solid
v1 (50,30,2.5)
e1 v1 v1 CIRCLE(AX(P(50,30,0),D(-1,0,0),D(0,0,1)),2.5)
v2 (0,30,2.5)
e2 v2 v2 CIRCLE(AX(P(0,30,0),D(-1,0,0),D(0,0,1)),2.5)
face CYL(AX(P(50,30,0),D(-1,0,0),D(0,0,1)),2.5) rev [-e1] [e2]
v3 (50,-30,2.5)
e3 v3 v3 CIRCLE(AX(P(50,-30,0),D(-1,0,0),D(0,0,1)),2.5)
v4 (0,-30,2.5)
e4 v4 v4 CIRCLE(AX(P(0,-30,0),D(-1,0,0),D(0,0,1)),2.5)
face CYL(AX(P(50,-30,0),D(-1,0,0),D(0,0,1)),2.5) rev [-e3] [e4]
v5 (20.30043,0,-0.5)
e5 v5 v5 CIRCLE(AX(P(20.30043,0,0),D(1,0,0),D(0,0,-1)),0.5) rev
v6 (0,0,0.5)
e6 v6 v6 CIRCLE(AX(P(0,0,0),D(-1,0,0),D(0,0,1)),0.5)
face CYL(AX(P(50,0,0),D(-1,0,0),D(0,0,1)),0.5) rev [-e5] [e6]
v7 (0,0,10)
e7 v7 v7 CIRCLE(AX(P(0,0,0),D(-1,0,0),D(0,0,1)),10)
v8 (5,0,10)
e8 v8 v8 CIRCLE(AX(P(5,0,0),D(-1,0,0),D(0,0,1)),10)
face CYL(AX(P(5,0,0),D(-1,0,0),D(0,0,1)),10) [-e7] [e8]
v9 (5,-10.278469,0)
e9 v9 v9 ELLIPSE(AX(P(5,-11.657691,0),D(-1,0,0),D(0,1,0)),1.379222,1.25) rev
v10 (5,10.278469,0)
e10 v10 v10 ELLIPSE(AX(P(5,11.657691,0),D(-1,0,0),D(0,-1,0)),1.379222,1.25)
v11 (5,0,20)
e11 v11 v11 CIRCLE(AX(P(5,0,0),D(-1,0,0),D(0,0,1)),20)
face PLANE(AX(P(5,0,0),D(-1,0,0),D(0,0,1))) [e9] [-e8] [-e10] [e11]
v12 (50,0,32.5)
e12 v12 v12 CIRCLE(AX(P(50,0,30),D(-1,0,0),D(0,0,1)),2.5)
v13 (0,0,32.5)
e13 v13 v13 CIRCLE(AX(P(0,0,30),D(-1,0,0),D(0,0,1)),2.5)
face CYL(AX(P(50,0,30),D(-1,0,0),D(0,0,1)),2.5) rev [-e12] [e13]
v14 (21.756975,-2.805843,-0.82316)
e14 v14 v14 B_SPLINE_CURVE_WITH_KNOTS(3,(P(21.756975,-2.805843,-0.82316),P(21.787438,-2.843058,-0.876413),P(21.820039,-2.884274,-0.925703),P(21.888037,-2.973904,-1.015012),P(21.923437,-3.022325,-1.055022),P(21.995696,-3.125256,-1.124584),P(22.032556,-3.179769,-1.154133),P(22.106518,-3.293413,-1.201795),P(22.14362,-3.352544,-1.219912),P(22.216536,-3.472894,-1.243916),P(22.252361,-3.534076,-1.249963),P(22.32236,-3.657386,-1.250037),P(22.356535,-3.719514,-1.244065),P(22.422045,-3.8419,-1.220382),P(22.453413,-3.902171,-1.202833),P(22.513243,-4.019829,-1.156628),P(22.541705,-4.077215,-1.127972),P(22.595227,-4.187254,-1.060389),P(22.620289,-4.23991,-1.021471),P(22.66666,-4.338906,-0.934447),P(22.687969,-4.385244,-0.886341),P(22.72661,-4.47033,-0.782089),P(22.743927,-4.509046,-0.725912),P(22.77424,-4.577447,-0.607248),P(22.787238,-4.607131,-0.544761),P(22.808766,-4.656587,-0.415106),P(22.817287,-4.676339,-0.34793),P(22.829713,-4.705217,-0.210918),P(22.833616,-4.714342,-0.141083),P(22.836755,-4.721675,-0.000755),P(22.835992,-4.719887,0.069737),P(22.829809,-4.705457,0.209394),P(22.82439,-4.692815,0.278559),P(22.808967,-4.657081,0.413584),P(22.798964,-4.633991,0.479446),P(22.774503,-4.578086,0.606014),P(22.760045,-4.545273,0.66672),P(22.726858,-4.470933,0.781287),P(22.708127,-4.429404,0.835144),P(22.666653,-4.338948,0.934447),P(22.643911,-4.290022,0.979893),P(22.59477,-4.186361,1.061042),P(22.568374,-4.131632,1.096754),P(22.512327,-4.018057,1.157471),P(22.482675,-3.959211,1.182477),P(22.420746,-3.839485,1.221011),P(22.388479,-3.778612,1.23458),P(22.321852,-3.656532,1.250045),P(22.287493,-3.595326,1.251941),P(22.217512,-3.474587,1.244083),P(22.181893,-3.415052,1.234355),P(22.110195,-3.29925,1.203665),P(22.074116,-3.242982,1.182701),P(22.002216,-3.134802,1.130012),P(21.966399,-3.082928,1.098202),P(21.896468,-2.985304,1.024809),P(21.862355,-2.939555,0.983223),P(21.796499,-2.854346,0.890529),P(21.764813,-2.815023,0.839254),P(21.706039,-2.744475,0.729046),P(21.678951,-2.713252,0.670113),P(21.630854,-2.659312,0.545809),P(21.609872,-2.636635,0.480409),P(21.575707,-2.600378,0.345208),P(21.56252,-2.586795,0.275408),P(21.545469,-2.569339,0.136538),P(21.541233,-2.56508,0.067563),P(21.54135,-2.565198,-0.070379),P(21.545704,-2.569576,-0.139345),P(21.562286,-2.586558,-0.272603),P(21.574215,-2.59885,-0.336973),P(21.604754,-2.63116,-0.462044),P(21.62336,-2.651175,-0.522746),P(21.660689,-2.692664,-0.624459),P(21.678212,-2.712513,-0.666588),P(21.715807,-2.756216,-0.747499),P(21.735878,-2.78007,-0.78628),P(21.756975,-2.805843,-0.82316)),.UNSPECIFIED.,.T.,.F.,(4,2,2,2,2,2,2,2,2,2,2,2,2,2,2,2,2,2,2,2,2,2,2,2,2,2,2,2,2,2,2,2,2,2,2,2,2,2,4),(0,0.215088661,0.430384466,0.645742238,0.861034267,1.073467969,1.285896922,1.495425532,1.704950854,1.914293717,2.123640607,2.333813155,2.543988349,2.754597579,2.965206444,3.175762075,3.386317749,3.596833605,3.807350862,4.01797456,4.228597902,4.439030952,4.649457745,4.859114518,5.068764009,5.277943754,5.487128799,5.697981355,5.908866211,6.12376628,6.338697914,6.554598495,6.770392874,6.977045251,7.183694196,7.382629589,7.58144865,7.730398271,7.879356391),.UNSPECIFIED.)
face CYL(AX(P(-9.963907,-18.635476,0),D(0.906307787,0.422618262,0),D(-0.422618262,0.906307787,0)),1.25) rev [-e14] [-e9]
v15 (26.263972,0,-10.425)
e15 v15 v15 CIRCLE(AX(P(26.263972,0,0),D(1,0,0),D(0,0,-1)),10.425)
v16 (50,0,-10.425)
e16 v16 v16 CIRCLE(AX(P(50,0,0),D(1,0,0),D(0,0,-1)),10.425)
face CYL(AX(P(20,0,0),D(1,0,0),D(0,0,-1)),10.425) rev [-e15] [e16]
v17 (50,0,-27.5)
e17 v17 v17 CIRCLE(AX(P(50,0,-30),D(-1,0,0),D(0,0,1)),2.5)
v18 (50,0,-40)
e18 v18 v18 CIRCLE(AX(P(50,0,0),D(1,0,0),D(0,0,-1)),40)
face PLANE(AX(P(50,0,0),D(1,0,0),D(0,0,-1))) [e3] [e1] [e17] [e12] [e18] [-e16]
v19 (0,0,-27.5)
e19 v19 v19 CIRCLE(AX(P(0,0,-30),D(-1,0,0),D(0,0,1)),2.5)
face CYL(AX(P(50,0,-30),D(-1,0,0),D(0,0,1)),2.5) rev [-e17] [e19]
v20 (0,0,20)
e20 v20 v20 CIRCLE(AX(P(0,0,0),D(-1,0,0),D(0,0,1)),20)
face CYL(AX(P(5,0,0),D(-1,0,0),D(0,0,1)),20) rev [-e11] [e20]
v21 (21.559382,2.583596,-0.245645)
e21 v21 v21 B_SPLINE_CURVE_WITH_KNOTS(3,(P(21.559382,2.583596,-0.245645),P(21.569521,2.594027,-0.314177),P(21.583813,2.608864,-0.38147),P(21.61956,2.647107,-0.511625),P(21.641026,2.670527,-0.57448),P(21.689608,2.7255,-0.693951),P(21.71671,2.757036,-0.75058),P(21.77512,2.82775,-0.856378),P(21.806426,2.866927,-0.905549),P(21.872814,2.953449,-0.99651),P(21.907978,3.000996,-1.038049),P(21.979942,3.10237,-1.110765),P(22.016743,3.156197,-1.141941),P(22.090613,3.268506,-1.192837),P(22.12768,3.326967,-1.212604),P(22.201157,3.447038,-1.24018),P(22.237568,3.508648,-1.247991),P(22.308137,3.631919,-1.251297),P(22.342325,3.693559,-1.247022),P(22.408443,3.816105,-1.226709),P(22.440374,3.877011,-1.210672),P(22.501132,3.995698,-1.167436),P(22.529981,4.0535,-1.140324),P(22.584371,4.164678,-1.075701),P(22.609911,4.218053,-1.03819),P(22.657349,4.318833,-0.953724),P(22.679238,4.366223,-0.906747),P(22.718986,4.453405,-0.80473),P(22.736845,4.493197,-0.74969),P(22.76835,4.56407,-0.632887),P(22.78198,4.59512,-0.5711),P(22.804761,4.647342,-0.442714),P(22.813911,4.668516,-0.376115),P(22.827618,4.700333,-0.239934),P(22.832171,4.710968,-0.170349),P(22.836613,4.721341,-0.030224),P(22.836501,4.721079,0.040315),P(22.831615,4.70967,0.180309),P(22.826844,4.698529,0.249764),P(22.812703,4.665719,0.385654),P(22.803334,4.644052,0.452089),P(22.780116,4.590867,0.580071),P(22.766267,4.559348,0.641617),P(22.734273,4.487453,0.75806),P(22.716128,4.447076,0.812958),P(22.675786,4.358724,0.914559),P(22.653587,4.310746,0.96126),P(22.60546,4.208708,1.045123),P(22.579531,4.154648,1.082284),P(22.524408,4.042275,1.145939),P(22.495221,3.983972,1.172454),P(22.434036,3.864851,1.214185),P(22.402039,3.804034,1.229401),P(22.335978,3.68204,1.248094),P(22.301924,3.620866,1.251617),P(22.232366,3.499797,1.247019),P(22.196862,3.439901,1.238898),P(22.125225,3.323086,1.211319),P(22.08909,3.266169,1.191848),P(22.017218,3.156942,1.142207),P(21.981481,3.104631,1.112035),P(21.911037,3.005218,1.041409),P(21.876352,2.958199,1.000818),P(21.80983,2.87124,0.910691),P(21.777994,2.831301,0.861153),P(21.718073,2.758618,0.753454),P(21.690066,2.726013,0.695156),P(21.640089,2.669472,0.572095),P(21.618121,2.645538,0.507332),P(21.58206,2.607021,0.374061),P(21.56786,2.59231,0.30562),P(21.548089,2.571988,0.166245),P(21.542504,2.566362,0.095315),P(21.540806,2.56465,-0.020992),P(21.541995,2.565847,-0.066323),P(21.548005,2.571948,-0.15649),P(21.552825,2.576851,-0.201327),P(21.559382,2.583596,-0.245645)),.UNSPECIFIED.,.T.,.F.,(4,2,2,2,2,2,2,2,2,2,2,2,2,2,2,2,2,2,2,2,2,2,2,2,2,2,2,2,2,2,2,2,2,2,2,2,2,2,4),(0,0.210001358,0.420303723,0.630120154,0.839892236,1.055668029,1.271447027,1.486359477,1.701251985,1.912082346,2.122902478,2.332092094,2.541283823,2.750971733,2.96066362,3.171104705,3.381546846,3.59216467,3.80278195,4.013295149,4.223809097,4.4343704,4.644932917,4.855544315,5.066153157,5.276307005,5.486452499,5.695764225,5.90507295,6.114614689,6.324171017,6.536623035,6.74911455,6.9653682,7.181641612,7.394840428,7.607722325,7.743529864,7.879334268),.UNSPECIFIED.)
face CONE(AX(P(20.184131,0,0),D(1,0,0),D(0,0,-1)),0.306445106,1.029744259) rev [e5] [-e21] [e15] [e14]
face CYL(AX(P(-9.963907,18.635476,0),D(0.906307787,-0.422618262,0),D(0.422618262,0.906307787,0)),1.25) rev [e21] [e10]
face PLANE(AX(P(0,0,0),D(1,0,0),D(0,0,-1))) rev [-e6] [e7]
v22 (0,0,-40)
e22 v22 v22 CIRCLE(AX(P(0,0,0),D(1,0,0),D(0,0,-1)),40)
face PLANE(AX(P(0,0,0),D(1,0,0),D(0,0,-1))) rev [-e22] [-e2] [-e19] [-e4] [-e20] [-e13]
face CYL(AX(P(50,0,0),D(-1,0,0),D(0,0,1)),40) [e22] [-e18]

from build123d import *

# Parameters (mm, degrees)
SKETCH1_R                      = 40
BOSS_EXTRUDE1_DEPTH            = 50
SKETCH2_R                      = 10.425
CUT_EXTRUDE1_DEPTH             = 30
SKETCH3_R                      = 20
SKETCH3_R_2                    = 10
CUT_EXTRUDE2_DEPTH             = 5
SKETCH5_R                      = 2.5
CUT_EXTRUDE4_DEPTH             = 76.498344353
SKETCH4_R                      = 0.5
CUT_EXTRUDE6_DEPTH             = 76.498344353
CUT_EXTRUDE7_REACH             = 77.498
SKETCH7_R                      = 1.25
CUT_EXTRUDE7_DIRECTION_2_REACH = 77.498


with BuildPart() as part:
    # Sketch1 → Boss-Extrude1 (new body)
    with BuildSketch(Plane(origin=(0, 0, 0), x_dir=(0, 0, -1), z_dir=(1, 0, 0))):
        Circle(SKETCH1_R)
    extrude(amount=BOSS_EXTRUDE1_DEPTH)

    # Sketch2 → Cut-Extrude1 (cut)
    with BuildSketch(Plane(origin=(50, 0, 0), x_dir=(0, 0, -1), z_dir=(1, 0, 0))):
        Circle(SKETCH2_R)
    extrude(amount=-CUT_EXTRUDE1_DEPTH, mode=Mode.SUBTRACT)

    # Sketch3 → Cut-Extrude2 (cut)
    with BuildSketch(Plane.ZY):
        Circle(SKETCH3_R)
        Circle(SKETCH3_R_2, mode=Mode.SUBTRACT)
    extrude(amount=-CUT_EXTRUDE2_DEPTH, mode=Mode.SUBTRACT)

    # Sketch5 → Cut-Extrude4 (cut, through all)
    with BuildSketch(Plane.ZY):
        with Locations((0, 30)):
            Circle(SKETCH5_R)
        with Locations((30, 0)):
            Circle(SKETCH5_R)
        with Locations((0, -30)):
            Circle(SKETCH5_R)
        with Locations((-30, 0)):
            Circle(SKETCH5_R)
    extrude(amount=-CUT_EXTRUDE4_DEPTH, mode=Mode.SUBTRACT)

    # Sketch8 → Revolve4 (revolve)
    with BuildSketch(Plane.XY, mode=Mode.PRIVATE) as revolve4_sk:
        Polygon((27.456013161, 12.408889724), (20.184130796, 0.306445106), (19.15133868, 0.306445106), (19.15133868, 12.408889724), align=None)
    revolve(revolve4_sk.sketch.rotate(Axis((-60.024183688, 0, 0), (1, 0, 0)), 270), axis=Axis((-60.024183688, 0, 0), (1, 0, 0)))

    # Sketch4 → Cut-Extrude6 (cut, through all)
    with BuildSketch(Plane.ZY):
        Circle(SKETCH4_R)
    extrude(amount=-CUT_EXTRUDE6_DEPTH, mode=Mode.SUBTRACT)

    # Sketch7 → Cut-Extrude7 (cut, up to next)
    with BuildSketch(Plane(origin=(0, 0, 0), x_dir=(0, 0, 1), z_dir=(-0.9063077870366495, 0.4226182617407003, 0)), mode=Mode.PRIVATE) as cut_extrude7_sk1:
        with Locations(Location((0, 12.678547852, 0), (0, 0, 258.66668262))):
            Circle(SKETCH7_R)
    cut_extrude7_tool1 = extrude(cut_extrude7_sk1.sketch, amount=-CUT_EXTRUDE7_REACH, mode=Mode.PRIVATE) & part.part
    cut_extrude7 = cut_extrude7_tool1.solids().sort_by_distance((5.358186, 11.490667, 0))[0]
    add(cut_extrude7, mode=Mode.SUBTRACT)

    # Sketch7 → Cut-Extrude7 direction 2 (cut, up to next)
    with BuildSketch(Plane(origin=(0, 0, 0), x_dir=(0, 0, 1), z_dir=(-0.9063077870366495, 0.4226182617407003, 0)), mode=Mode.PRIVATE) as cut_extrude7_direction_2_sk1:
        with Locations(Location((0, 12.678547852, 0), (0, 0, 258.66668262))):
            Circle(SKETCH7_R)
    cut_extrude7_direction_2_tool1 = extrude(cut_extrude7_direction_2_sk1.sketch, amount=CUT_EXTRUDE7_DIRECTION_2_REACH, mode=Mode.PRIVATE) & part.part
    cut_extrude7_direction_2 = cut_extrude7_direction_2_tool1.solids().sort_by_distance((5.358186, 11.490667, 0))[0]
    add(cut_extrude7_direction_2, mode=Mode.SUBTRACT)

    # Mirror1: Cut-Extrude7, Cut-Extrude7 direction 2 across plane
    add(cut_extrude7.mirror(Plane.ZX), mode=Mode.SUBTRACT)
    add(cut_extrude7_direction_2.mirror(Plane.ZX), mode=Mode.SUBTRACT)


solid = part.part
